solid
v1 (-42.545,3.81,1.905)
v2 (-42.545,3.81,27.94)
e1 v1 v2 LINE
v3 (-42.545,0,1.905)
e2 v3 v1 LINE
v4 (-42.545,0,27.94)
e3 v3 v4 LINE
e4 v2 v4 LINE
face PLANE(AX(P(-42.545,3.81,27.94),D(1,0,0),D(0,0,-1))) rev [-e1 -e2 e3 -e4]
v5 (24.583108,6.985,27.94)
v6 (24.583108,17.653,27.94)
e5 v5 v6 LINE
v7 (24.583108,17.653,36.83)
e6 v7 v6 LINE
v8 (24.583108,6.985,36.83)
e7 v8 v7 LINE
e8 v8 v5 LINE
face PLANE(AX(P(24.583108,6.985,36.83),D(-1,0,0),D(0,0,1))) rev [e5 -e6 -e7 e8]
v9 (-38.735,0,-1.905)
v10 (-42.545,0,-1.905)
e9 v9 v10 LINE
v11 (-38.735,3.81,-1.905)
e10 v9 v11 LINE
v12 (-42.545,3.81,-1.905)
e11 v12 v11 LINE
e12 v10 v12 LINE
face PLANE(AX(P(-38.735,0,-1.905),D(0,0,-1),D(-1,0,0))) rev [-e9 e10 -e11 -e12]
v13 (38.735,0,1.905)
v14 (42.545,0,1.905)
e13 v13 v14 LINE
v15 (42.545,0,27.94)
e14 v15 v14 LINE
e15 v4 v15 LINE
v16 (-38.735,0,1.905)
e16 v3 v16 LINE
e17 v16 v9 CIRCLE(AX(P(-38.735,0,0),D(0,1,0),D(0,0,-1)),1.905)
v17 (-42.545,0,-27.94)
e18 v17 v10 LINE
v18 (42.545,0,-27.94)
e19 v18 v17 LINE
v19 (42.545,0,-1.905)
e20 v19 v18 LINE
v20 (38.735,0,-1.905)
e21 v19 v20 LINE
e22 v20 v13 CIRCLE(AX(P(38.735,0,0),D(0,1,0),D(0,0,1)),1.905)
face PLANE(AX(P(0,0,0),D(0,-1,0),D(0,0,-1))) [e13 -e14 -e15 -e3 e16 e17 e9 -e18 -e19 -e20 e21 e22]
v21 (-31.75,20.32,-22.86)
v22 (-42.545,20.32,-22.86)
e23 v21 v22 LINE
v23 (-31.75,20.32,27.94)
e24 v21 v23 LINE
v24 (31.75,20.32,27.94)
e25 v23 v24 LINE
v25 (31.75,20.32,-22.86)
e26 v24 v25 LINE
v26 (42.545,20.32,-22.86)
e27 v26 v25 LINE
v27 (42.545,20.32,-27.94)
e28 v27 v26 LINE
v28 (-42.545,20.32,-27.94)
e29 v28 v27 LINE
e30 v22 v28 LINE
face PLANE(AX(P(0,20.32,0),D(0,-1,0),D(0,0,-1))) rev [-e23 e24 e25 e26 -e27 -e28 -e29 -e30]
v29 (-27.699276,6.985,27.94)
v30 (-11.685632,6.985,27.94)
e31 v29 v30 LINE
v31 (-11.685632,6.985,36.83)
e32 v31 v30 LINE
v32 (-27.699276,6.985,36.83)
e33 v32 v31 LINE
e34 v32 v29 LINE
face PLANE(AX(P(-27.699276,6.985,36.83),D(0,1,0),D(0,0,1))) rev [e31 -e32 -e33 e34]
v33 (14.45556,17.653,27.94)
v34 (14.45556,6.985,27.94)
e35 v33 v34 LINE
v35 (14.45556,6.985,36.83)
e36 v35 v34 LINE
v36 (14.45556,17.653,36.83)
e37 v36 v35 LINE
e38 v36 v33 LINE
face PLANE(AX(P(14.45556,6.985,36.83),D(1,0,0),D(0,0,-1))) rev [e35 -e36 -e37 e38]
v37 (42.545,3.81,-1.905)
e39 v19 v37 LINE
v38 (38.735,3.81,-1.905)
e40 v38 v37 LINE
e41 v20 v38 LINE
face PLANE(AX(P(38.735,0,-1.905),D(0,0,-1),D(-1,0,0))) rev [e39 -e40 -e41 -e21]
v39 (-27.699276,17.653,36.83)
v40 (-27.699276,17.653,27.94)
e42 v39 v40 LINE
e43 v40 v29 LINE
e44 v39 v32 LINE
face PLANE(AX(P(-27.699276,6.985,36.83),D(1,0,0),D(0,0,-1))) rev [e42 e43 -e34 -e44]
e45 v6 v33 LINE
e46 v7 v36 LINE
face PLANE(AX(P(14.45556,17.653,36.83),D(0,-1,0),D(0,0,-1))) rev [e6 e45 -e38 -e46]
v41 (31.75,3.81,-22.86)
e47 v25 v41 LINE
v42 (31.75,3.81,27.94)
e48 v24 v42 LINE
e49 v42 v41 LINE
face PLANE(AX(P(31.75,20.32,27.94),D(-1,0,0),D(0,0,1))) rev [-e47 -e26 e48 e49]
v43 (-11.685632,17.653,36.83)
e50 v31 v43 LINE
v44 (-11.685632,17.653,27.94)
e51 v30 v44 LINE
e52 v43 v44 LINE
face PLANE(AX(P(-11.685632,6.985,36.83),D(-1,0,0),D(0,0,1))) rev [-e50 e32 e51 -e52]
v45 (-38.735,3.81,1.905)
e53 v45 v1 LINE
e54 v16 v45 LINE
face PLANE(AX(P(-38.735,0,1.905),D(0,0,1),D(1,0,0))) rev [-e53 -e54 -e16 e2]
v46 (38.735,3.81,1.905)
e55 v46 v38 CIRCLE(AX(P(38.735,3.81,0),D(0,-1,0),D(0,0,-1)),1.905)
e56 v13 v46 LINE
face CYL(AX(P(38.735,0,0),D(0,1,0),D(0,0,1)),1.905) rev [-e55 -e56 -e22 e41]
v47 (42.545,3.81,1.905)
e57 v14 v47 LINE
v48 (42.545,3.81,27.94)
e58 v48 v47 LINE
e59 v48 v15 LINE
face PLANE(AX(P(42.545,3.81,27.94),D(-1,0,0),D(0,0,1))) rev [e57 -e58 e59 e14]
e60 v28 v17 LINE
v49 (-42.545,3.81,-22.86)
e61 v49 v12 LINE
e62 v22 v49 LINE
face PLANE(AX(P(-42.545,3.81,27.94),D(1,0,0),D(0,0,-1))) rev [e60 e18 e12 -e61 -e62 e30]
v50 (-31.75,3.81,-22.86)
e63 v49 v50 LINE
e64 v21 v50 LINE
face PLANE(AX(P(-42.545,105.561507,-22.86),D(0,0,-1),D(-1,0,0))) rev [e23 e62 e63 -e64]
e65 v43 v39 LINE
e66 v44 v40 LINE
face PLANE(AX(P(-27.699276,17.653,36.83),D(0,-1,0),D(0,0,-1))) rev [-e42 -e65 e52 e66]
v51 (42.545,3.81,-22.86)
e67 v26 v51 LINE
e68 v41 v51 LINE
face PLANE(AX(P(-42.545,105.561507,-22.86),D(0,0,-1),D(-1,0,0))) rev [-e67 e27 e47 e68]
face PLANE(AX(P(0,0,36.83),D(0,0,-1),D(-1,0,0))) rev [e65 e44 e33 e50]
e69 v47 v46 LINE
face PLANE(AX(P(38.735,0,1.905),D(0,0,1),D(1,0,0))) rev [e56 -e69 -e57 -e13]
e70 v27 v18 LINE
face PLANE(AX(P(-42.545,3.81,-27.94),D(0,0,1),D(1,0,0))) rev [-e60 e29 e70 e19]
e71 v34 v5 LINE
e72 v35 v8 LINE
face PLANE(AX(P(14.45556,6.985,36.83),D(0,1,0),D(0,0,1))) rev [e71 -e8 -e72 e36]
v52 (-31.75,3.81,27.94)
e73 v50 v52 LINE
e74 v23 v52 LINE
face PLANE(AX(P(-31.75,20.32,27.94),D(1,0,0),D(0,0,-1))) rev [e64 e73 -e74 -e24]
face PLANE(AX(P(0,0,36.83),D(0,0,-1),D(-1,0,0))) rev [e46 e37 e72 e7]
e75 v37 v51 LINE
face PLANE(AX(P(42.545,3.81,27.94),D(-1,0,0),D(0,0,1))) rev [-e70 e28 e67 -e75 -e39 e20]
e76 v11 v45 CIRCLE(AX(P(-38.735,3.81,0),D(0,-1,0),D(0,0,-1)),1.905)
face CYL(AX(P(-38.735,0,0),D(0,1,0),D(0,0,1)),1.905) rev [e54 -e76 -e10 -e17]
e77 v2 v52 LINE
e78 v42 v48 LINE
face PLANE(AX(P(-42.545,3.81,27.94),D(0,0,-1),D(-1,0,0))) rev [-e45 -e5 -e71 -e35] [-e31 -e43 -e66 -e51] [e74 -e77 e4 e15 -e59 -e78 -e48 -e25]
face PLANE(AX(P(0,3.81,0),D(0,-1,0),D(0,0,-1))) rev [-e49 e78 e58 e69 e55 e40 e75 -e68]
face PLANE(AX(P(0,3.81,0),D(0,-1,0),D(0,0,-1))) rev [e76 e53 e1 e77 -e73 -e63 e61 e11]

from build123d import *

# Parameters (mm, degrees)
SKETCH2_W               = 85.09
SKETCH2_H               = 55.88
BOSS_EXTRUDE1_DEPTH     = 3.81
SKETCH3_W               = 63.5
SKETCH3_H               = 50.8
BOSS_EXTRUDE2_DEPTH     = 16.51
SKETCH4_W               = 85.09
SKETCH4_H               = 5.08
BOSS_EXTRUDE3_DEPTH     = 16.51
CUT_EXTRUDE1_DEPTH      = 54.509818959
CUT_EXTRUDE1_DEPTH_BACK = 54.509818959
SKETCH6_W               = 16.01364416
SKETCH6_H               = 10.668
SKETCH6_W_2             = 10.127547929
BOSS_EXTRUDE4_DEPTH     = 8.89


with BuildPart() as part:
    # Sketch2 → Boss-Extrude1 (new body)
    with BuildSketch(Plane(origin=(0, 0, 0), x_dir=(1, 0, 0), z_dir=(0, 1, 0))):
        Rectangle(SKETCH2_W, SKETCH2_H)
    extrude(amount=BOSS_EXTRUDE1_DEPTH)

    # Sketch3 → Boss-Extrude2 (add)
    with BuildSketch(Plane(origin=(0, 3.81, 0), x_dir=(1, 0, 0), z_dir=(0, 1, 0))):
        with Locations((0, -2.54)):
            Rectangle(SKETCH3_W, SKETCH3_H)
    extrude(amount=BOSS_EXTRUDE2_DEPTH)

    # Sketch4 → Boss-Extrude3 (add)
    with BuildSketch(Plane(origin=(0, 3.81, 0), x_dir=(1, 0, 0), z_dir=(0, 1, 0))):
        with Locations((0, 25.4)):
            Rectangle(SKETCH4_W, SKETCH4_H)
    extrude(amount=BOSS_EXTRUDE3_DEPTH)

    # Sketch5 → Cut-Extrude1 (cut, two sides: drawn at the far end of the back side and taken through both)
    with BuildSketch(Plane(origin=(0, 3.81, 0), x_dir=(1, 0, 0), z_dir=(0, 1, 0)).offset(-CUT_EXTRUDE1_DEPTH_BACK)):
        with BuildLine():
            Line((38.735, 1.905), (42.545, 1.905))
            Line((42.545, 1.905), (42.545, -1.905))
            Line((42.545, -1.905), (38.735, -1.905))
            ThreePointArc((38.735, -1.905), (36.83, 0), (38.735, 1.905))
        make_face()
        with BuildLine():
            Line((-42.545, 1.905), (-42.545, -1.905))
            Line((-42.545, -1.905), (-38.735, -1.905))
            ThreePointArc((-38.735, -1.905), (-36.83, 0), (-38.735, 1.905))
            Line((-38.735, 1.905), (-42.545, 1.905))
        make_face()
    extrude(amount=CUT_EXTRUDE1_DEPTH + CUT_EXTRUDE1_DEPTH_BACK, mode=Mode.SUBTRACT)

    # Sketch6 → Boss-Extrude4 (add)
    with BuildSketch(Plane.XY.offset(27.94)):
        with Locations((-19.692454306, 12.319)):
            Rectangle(SKETCH6_W, SKETCH6_H)
        with Locations((19.519333829, 12.319)):
            Rectangle(SKETCH6_W_2, SKETCH6_H)
    extrude(amount=BOSS_EXTRUDE4_DEPTH)


solid = part.part
